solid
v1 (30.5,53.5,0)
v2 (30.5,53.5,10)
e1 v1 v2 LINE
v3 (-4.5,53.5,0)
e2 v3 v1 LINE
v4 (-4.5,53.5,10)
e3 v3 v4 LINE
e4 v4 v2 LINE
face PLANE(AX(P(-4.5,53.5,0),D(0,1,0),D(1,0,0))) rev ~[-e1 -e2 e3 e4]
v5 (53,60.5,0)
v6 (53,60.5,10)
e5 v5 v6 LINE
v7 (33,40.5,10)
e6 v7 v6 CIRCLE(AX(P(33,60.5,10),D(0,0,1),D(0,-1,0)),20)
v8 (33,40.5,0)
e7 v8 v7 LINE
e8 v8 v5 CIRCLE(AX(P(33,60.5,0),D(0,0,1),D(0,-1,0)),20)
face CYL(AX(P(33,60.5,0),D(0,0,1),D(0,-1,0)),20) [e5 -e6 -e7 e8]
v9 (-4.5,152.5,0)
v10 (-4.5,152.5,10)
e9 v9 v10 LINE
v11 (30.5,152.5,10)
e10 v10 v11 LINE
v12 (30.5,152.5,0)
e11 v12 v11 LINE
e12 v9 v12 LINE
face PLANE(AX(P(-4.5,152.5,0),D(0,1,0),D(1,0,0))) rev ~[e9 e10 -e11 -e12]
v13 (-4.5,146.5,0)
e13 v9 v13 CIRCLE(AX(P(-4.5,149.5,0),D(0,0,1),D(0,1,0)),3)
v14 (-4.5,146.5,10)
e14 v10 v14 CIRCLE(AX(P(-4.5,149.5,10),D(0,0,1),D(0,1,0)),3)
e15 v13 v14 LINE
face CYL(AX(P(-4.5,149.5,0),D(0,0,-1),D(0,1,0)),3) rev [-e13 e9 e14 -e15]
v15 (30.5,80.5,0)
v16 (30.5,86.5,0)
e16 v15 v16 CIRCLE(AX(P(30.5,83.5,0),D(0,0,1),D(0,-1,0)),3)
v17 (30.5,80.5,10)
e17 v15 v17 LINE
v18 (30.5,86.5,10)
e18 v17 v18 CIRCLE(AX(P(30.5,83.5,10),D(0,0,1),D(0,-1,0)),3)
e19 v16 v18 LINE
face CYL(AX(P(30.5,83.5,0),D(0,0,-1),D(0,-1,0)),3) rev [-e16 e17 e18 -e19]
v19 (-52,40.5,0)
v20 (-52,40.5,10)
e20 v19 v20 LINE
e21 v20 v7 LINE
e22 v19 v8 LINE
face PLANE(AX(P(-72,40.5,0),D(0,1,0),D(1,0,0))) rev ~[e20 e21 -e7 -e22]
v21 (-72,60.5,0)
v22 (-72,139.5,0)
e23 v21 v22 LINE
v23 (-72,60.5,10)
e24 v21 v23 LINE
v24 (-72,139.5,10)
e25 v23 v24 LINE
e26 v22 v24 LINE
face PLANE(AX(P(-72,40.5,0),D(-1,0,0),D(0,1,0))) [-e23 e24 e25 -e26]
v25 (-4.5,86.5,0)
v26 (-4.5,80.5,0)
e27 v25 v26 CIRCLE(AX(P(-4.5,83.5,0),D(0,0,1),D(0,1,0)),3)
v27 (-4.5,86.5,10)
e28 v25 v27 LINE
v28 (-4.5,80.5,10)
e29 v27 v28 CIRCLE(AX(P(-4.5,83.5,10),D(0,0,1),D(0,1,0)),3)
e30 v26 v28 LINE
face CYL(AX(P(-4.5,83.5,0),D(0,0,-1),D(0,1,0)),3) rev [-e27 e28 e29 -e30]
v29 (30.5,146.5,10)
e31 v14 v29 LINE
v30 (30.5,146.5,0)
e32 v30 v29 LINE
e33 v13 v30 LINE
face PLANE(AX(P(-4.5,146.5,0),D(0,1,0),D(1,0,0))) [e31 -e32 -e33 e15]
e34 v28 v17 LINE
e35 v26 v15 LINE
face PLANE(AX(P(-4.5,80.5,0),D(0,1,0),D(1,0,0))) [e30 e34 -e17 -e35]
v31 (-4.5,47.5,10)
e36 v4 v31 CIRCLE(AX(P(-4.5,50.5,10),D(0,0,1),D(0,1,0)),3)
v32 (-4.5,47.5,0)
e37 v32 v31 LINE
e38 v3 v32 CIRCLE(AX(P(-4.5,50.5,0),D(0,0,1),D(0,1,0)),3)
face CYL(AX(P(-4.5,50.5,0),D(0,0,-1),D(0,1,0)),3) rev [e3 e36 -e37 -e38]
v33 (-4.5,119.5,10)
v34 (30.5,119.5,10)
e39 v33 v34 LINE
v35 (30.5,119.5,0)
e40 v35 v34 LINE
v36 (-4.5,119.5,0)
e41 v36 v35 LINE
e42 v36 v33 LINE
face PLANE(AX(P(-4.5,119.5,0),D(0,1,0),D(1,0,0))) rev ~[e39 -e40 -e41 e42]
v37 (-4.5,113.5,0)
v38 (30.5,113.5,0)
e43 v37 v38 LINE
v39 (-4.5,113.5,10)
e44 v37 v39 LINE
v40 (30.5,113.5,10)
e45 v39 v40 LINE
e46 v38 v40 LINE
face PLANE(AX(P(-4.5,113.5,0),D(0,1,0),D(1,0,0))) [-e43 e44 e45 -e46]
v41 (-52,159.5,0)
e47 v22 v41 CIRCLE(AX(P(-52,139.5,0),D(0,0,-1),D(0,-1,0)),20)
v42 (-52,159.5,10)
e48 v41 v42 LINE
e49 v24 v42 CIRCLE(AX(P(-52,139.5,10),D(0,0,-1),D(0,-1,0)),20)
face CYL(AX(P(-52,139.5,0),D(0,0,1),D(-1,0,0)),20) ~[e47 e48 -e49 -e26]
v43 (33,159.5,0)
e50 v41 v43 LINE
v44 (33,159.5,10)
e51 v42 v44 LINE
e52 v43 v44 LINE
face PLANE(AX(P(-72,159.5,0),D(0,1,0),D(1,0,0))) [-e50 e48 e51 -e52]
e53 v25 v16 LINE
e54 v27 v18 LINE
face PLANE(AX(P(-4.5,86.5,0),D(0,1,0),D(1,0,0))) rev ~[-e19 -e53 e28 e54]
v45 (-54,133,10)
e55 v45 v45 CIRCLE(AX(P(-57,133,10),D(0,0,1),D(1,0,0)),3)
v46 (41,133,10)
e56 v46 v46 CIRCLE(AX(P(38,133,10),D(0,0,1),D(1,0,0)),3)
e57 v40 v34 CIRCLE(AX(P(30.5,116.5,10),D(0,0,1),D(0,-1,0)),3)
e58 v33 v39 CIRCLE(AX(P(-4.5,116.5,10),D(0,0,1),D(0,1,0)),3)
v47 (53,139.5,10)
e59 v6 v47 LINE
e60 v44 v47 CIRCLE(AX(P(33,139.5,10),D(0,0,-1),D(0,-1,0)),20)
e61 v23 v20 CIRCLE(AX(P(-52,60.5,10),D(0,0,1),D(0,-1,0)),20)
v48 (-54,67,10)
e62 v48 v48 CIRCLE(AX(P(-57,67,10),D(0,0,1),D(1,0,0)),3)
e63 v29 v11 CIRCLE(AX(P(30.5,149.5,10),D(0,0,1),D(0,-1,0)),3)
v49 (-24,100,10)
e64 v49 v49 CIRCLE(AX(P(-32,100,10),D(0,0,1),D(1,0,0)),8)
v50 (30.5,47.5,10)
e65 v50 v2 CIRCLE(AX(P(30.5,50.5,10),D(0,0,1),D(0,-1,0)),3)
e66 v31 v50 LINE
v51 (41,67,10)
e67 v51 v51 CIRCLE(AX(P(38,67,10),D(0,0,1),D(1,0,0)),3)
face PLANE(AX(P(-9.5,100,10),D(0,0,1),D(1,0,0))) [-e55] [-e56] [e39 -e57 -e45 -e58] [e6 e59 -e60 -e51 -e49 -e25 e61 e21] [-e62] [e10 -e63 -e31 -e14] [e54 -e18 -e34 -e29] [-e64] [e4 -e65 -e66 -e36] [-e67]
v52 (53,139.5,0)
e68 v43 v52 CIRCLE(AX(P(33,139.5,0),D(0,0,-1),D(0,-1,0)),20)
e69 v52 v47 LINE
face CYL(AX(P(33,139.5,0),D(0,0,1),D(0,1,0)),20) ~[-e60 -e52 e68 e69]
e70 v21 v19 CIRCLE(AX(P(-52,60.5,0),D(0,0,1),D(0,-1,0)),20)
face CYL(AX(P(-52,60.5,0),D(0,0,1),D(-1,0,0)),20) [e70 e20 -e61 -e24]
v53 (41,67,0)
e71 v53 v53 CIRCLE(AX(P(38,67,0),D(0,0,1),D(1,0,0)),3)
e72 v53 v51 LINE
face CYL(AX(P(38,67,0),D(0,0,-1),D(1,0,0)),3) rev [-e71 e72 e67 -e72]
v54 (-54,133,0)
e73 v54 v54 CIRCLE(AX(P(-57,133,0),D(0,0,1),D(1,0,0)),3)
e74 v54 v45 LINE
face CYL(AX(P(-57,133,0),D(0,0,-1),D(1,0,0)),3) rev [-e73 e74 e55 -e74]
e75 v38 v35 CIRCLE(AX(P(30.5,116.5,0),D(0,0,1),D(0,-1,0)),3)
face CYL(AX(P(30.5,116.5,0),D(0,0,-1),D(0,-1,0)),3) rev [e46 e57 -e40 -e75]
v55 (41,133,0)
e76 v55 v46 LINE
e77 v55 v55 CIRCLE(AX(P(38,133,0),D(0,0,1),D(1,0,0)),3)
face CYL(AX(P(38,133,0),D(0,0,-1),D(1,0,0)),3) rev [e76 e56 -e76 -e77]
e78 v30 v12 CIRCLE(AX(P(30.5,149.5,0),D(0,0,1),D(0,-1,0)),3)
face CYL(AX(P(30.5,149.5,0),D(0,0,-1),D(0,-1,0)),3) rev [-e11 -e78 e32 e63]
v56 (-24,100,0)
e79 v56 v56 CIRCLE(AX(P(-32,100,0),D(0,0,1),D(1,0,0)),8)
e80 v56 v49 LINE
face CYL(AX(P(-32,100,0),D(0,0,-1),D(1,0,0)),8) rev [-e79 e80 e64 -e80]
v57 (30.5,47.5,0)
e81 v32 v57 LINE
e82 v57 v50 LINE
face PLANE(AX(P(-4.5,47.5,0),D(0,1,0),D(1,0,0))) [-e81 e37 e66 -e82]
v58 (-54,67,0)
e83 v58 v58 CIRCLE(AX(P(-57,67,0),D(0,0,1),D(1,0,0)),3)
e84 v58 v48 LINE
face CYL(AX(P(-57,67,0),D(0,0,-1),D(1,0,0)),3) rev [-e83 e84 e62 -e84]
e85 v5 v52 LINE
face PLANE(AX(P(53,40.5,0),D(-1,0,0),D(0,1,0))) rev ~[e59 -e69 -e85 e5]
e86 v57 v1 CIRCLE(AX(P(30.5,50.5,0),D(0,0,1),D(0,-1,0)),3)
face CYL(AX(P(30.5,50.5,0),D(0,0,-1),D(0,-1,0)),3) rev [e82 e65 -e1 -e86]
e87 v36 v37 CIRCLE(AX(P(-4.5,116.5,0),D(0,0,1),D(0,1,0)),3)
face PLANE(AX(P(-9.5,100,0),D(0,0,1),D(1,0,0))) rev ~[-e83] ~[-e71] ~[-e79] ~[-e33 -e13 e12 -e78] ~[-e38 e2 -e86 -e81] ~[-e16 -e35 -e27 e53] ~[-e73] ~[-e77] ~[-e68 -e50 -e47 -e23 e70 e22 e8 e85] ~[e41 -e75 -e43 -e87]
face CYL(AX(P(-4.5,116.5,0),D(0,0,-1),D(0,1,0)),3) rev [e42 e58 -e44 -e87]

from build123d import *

# Parameters (mm, degrees)
SKETCH_W   = 125
SKETCH_H   = 119
SKETCH_R   = 8
SKETCH_R_2 = 3
PAD_DEPTH  = 10
FILLET_R   = 20


with BuildPart() as part:
    # Sketch → Pad (new body)
    with BuildSketch(Plane.XY):
        with Locations((-9.5, 100)):
            Rectangle(SKETCH_W, SKETCH_H)
        with Locations((-32, 100)):
            Circle(SKETCH_R, mode=Mode.SUBTRACT)
        with Locations((-57, 133)):
            Circle(SKETCH_R_2, mode=Mode.SUBTRACT)
        with Locations((-57, 67)):
            Circle(SKETCH_R_2, mode=Mode.SUBTRACT)
        with Locations((38, 133)):
            Circle(SKETCH_R_2, mode=Mode.SUBTRACT)
        with Locations((38, 67)):
            Circle(SKETCH_R_2, mode=Mode.SUBTRACT)
        with BuildLine():
            ThreePointArc((-4.5, 152.5), (-7.5, 149.5), (-4.5, 146.5))
            Line((-4.5, 146.5), (30.5, 146.5))
            ThreePointArc((30.5, 146.5), (33.5, 149.5), (30.5, 152.5))
            Line((-4.5, 152.5), (30.5, 152.5))
        make_face(mode=Mode.SUBTRACT)
        with BuildLine():
            ThreePointArc((-4.5, 119.5), (-7.5, 116.5), (-4.5, 113.5))
            Line((-4.5, 113.5), (30.5, 113.5))
            ThreePointArc((30.5, 113.5), (33.5, 116.5), (30.5, 119.5))
            Line((-4.5, 119.5), (30.5, 119.5))
        make_face(mode=Mode.SUBTRACT)
        with BuildLine():
            ThreePointArc((-4.5, 86.5), (-7.5, 83.5), (-4.5, 80.5))
            Line((-4.5, 80.5), (30.5, 80.5))
            ThreePointArc((30.5, 80.5), (33.5, 83.5), (30.5, 86.5))
            Line((-4.5, 86.5), (30.5, 86.5))
        make_face(mode=Mode.SUBTRACT)
        with BuildLine():
            ThreePointArc((-4.5, 53.5), (-7.5, 50.5), (-4.5, 47.5))
            Line((-4.5, 47.5), (30.5, 47.5))
            ThreePointArc((30.5, 47.5), (33.5, 50.5), (30.5, 53.5))
            Line((-4.5, 53.5), (30.5, 53.5))
        make_face(mode=Mode.SUBTRACT)
    extrude(amount=PAD_DEPTH)

    # Fillet
    fillet_edges = [part.edges().sort_by_distance(p)[0] for p in [
        (53, 40.5, 5),
        (53, 159.5, 5),
        (-72, 40.5, 5),
        (-72, 159.5, 5),
    ]]
    fillet(fillet_edges, radius=FILLET_R)


solid = part.part
